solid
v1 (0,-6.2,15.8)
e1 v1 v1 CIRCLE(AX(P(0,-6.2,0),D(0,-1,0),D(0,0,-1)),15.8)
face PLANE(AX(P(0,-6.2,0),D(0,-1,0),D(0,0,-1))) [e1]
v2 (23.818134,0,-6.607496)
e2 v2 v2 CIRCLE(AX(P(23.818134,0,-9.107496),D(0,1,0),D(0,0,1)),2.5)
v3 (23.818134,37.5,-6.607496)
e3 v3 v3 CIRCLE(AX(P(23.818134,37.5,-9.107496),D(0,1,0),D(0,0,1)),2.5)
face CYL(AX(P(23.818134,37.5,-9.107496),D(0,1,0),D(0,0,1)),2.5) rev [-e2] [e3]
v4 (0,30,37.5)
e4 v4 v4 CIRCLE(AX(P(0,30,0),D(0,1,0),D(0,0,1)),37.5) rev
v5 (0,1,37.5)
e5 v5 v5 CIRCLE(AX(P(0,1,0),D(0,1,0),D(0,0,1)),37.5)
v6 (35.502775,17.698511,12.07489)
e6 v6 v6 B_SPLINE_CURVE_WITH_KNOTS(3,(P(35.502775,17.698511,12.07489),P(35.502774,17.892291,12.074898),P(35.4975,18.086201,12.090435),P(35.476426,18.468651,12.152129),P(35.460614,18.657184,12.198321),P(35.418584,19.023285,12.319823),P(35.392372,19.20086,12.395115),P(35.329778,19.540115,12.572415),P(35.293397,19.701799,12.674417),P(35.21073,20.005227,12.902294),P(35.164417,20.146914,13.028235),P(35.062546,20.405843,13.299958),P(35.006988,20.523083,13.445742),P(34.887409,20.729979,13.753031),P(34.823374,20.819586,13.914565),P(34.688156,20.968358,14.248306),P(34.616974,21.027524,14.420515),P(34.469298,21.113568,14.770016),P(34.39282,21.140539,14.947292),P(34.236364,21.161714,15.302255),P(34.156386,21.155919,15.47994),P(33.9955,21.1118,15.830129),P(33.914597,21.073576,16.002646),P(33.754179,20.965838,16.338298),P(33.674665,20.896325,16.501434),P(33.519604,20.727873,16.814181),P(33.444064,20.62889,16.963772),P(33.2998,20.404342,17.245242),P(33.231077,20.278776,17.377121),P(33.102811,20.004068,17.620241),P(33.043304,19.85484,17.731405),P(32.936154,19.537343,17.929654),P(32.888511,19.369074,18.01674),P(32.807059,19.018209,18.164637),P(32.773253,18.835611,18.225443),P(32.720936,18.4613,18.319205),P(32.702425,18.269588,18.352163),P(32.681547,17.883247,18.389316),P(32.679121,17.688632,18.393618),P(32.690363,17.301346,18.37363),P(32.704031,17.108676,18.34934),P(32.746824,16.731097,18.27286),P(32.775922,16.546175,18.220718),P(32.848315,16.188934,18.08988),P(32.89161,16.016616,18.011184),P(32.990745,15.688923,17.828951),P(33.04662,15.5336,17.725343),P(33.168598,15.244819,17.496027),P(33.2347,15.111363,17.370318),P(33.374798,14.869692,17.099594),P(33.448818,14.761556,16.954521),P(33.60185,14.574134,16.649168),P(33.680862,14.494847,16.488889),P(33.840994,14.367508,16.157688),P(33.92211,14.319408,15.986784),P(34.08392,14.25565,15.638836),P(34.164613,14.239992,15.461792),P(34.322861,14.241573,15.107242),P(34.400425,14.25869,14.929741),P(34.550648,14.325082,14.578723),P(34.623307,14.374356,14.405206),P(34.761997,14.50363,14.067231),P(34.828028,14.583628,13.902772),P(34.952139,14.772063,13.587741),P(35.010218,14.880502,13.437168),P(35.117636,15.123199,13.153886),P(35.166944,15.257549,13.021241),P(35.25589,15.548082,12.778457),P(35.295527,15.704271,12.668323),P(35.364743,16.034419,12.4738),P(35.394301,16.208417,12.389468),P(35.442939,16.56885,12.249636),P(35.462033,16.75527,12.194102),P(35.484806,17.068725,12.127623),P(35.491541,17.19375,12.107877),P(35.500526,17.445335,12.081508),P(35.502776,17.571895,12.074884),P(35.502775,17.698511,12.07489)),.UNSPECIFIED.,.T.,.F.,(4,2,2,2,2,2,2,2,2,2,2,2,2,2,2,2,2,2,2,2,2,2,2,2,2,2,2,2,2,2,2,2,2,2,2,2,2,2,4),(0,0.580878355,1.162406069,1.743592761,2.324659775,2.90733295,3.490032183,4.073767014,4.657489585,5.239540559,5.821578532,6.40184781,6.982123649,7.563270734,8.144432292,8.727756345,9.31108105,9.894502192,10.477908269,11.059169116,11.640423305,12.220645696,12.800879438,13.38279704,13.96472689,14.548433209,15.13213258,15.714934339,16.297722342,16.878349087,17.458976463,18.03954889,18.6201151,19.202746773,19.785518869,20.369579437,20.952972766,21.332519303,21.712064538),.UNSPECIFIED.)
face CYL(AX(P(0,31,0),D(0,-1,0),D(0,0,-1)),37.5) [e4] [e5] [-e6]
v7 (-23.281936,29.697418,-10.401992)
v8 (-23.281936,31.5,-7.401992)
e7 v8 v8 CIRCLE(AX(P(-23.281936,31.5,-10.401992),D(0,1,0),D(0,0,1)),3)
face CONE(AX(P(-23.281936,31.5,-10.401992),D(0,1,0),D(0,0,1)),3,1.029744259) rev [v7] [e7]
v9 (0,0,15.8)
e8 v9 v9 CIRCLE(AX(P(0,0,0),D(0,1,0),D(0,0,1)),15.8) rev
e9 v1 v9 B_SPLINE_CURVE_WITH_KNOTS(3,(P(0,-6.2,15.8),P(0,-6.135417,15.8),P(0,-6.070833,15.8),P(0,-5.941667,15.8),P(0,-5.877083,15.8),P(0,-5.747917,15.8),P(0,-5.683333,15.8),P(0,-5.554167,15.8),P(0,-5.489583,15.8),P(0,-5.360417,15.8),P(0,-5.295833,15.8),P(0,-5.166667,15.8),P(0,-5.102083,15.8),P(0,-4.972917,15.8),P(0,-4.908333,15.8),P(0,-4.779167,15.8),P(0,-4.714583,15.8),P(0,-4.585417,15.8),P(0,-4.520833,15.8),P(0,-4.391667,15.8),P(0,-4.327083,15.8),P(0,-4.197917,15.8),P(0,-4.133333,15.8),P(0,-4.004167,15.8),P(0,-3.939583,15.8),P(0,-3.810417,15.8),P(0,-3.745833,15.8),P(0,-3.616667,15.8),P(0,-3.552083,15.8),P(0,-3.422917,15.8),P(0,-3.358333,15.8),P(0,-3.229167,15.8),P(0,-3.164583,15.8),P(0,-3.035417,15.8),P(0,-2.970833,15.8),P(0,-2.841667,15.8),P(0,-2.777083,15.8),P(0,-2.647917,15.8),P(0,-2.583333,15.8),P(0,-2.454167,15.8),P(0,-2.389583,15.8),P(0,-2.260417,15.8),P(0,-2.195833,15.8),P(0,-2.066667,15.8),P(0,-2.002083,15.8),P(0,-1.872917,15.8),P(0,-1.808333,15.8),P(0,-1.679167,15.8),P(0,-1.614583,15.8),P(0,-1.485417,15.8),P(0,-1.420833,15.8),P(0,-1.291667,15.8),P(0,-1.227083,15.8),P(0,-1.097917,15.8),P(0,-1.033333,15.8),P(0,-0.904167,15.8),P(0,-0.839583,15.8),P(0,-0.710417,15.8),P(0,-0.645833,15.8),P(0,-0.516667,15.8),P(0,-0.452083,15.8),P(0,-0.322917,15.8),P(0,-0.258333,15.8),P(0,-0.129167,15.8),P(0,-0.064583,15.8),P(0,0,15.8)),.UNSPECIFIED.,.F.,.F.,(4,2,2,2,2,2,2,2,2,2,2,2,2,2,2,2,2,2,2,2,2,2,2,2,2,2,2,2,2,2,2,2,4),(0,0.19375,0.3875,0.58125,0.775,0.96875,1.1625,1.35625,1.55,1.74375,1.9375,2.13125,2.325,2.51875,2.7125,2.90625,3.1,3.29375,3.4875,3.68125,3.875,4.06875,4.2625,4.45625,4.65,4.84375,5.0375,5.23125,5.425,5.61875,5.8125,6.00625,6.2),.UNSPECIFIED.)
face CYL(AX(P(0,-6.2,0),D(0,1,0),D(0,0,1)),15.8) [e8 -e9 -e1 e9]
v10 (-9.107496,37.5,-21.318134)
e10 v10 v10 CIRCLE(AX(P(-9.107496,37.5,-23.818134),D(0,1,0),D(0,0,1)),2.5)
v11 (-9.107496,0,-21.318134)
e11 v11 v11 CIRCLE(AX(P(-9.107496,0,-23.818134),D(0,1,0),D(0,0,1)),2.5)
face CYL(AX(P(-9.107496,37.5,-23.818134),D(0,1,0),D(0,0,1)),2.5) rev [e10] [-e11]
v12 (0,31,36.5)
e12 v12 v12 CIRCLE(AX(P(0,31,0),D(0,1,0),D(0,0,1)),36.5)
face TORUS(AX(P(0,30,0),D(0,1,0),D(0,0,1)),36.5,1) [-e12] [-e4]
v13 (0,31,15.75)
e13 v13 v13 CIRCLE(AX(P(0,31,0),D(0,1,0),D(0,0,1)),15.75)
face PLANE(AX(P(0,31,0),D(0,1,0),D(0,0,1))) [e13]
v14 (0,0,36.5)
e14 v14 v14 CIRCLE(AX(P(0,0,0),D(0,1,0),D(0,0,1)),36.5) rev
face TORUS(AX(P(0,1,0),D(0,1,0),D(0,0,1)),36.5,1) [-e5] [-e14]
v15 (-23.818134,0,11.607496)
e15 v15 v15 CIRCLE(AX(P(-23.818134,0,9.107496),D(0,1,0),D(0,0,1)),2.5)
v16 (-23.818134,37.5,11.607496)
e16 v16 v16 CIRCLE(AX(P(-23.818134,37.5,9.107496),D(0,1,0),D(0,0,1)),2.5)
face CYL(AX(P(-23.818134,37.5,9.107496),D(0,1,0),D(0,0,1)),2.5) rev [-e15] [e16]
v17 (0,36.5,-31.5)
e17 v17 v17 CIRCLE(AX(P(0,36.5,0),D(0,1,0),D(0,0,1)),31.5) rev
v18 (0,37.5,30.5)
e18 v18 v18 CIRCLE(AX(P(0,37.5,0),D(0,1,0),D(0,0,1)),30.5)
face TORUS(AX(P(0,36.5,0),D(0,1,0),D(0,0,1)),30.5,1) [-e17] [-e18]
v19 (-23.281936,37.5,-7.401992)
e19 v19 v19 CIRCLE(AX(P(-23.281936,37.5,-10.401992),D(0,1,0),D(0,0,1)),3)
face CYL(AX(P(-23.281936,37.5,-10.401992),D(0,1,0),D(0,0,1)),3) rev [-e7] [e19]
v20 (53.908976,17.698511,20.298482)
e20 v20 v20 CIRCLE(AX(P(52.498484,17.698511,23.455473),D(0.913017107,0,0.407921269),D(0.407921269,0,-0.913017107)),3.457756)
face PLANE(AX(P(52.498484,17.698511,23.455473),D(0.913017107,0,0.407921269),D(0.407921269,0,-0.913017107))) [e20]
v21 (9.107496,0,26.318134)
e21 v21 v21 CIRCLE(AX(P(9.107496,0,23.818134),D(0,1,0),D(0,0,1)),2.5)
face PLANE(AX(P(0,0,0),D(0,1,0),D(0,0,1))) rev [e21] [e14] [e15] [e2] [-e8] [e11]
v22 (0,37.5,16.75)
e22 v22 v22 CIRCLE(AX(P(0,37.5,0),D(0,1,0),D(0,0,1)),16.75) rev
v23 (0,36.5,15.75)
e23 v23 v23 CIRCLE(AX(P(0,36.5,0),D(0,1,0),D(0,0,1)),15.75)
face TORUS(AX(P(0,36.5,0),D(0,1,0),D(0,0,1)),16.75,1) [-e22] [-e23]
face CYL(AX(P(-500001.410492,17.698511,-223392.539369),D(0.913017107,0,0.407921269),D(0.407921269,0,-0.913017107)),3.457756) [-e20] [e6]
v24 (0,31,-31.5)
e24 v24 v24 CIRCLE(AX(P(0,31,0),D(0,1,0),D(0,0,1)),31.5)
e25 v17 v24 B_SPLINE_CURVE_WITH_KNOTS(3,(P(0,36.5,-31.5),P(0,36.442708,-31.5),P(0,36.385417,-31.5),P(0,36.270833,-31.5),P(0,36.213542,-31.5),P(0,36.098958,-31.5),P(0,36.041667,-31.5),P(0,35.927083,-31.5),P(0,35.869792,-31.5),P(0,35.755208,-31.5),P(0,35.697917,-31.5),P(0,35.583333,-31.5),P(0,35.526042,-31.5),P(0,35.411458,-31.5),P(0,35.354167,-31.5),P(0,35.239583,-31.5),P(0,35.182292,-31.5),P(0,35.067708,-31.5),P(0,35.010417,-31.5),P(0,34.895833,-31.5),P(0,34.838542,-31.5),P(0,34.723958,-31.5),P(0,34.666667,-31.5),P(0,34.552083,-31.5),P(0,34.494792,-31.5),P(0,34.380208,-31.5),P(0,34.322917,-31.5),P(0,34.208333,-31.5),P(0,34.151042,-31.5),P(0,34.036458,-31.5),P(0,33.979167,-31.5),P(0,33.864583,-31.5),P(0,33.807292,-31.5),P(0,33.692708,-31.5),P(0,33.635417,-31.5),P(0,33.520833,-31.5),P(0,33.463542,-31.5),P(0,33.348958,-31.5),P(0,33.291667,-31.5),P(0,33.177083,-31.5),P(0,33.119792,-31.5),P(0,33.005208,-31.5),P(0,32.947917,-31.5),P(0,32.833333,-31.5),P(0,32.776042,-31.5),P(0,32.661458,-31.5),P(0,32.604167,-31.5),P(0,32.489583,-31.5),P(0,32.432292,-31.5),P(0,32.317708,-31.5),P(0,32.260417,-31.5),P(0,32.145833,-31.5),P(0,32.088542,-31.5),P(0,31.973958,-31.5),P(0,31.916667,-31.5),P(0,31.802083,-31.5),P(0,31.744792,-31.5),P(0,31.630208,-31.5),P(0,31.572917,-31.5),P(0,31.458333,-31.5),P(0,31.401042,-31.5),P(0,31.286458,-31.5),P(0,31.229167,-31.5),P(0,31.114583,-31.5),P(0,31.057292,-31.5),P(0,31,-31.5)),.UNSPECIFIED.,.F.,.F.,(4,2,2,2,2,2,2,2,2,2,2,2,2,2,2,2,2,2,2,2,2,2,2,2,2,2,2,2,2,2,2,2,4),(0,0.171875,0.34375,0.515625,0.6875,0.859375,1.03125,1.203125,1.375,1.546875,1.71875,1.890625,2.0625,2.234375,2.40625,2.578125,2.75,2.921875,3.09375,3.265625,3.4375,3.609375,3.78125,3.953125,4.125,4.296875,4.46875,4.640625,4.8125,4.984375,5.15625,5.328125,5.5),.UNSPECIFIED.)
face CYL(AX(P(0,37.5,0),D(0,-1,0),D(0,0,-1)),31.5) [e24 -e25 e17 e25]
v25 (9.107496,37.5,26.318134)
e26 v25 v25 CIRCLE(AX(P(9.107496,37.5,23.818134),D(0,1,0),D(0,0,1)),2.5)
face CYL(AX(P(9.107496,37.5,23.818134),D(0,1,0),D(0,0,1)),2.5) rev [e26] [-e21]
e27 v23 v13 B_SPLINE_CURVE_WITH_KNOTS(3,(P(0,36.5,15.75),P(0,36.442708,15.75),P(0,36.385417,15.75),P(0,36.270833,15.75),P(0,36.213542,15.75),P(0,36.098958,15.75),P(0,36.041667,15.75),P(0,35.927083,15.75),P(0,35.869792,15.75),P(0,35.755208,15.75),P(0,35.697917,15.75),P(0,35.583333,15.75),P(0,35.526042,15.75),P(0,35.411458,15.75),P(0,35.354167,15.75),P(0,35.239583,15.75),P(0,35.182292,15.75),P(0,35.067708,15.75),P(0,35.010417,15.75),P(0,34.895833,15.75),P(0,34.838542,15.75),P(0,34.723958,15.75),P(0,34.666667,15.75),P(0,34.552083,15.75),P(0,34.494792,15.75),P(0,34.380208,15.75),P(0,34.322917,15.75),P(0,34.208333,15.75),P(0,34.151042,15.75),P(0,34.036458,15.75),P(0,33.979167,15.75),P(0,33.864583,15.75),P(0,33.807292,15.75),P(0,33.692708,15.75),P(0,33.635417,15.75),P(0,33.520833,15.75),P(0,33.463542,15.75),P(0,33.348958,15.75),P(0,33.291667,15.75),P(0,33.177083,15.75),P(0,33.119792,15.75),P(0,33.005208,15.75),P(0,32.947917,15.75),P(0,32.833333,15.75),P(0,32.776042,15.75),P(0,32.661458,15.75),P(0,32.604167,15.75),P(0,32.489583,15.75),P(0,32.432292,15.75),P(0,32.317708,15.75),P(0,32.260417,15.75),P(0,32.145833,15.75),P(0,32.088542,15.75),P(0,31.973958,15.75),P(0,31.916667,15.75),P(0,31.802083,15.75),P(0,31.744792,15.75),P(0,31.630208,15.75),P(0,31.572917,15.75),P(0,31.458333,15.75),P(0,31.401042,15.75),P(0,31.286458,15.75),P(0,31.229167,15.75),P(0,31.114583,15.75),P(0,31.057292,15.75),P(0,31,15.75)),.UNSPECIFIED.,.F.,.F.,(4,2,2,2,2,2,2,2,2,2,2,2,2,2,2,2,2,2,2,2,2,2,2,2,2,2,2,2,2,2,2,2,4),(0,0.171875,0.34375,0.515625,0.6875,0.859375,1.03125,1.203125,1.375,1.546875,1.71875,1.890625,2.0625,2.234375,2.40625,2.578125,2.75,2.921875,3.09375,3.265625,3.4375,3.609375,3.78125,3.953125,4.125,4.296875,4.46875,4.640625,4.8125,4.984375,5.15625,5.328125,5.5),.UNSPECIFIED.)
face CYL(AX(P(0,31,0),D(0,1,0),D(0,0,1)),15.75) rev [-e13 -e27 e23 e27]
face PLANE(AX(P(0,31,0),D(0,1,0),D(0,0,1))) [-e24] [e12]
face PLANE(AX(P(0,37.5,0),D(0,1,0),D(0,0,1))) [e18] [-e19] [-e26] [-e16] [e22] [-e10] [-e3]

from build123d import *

# Parameters (mm, degrees)
SKETCH_1_R           = 37.5
EXTRUDE_1_DEPTH      = 31
SKETCH_2_R           = 31.5
EXTRUDE_2_DEPTH      = 6.5
SKETCH_3_R           = 15.75
CUT_EXTRUDE_1_DEPTH  = 6.5
SKETCH_4_R           = 15.8
EXTRUDE_3_DEPTH      = 6.2
HOLE_WIZARD_M6_1_D   = 5
MM_1_D               = 6
MM_1_DEPTH           = 6
MM_1_TIP             = 1.802581857
EXTRUDE_4_REACH      = 116.985
EXTRUDE_4_END_RADIUS = 37.5
SKETCH_16_R          = 3.457756213
FILLET_2_R           = 1


with BuildPart() as part:
    # 草图1 → 凸台-拉伸1 (new body)
    with BuildSketch(Plane(origin=(0, 0, 0), x_dir=(1, 0, 0), z_dir=(0, 1, 0))):
        with Locations(Location((0, 0, 0), (0, 0, 270))):
            Circle(SKETCH_1_R)
    extrude(amount=EXTRUDE_1_DEPTH)

    # 草图2 → 凸台-拉伸2 (add)
    with BuildSketch(Plane(origin=(0, 31, 0), x_dir=(1, 0, 0), z_dir=(0, 1, 0))):
        with Locations(Location((0, 0, 0), (0, 0, 90))):
            Circle(SKETCH_2_R)
    extrude(amount=EXTRUDE_2_DEPTH)

    # 草图3 → 切除-拉伸1 (cut)
    with BuildSketch(Plane(origin=(0, 37.5, 0), x_dir=(1, 0, 0), z_dir=(0, 1, 0))):
        with Locations(Location((0, 0, 0), (0, 0, 270))):
            Circle(SKETCH_3_R)
    extrude(amount=-CUT_EXTRUDE_1_DEPTH, mode=Mode.SUBTRACT)

    # 草图4 → 凸台-拉伸3 (add)
    with BuildSketch(Plane.XZ):
        with Locations(Location((0, 0, 0), (0, 0, 90))):
            Circle(SKETCH_4_R)
    extrude(amount=EXTRUDE_3_DEPTH)

    # M6 螺纹孔1 (through all)
    with Locations(Plane(origin=(0, 37.5, 0), x_dir=(1, 0, 0), z_dir=(0, 1, 0))):
        with Locations((-23.818134331, -9.107495647), (9.107495647, -23.818134331), (23.818134331, 9.107495647), (-9.107495647, 23.818134331)):
            Hole(HOLE_WIZARD_M6_1_D / 2)

    # 大小mm 暗销孔1
    with Locations(Plane(origin=(0, 37.5, 0), x_dir=(1, 0, 0), z_dir=(0, 1, 0))):
        with Locations((-23.281936233, 10.401992369)):
            Hole(MM_1_D / 2, depth=MM_1_DEPTH)
            with Locations((0, 0, -(MM_1_DEPTH + MM_1_TIP / 2))):  # 118° drill point
                Cone(0, MM_1_D / 2, MM_1_TIP, mode=Mode.SUBTRACT)

    # 凸台-拉伸4: up to this cylinder (the profile starts outside it)
    extrude_4_end = Plane(origin=(0, 17.698511, 0), z_dir=(0, -1, 0)) * Cylinder(EXTRUDE_4_END_RADIUS, 309.97, mode=Mode.PRIVATE)
    # 草图16 → 凸台-拉伸4 (add, up to the surface)
    with BuildSketch(Plane(origin=(52.498483662, 0, 23.455472989), x_dir=(0.4079212693781409, 0, -0.9130171071721089), z_dir=(0.9130171071721089, 0, 0.4079212693781409)), mode=Mode.PRIVATE) as extrude_4_sk1:
        with Locations((0, 17.698511035)):
            Circle(SKETCH_16_R)
    extrude_4_tool1 = extrude(extrude_4_sk1.sketch, amount=-EXTRUDE_4_REACH, mode=Mode.PRIVATE) - extrude_4_end
    add(extrude_4_tool1.solids().sort_by_distance((52.498484, 17.698511, 23.455473))[0])

    # 圆角2
    fillet_2_edges = [part.edges().sort_by_distance(p)[0] for p in [
        (0, 37.5, -15.75),
        (0, 0, -37.5),
        (0, 31, -37.5),
        (0, 37.5, 31.5),
    ]]
    fillet(fillet_2_edges, radius=FILLET_2_R)


solid = part.part
